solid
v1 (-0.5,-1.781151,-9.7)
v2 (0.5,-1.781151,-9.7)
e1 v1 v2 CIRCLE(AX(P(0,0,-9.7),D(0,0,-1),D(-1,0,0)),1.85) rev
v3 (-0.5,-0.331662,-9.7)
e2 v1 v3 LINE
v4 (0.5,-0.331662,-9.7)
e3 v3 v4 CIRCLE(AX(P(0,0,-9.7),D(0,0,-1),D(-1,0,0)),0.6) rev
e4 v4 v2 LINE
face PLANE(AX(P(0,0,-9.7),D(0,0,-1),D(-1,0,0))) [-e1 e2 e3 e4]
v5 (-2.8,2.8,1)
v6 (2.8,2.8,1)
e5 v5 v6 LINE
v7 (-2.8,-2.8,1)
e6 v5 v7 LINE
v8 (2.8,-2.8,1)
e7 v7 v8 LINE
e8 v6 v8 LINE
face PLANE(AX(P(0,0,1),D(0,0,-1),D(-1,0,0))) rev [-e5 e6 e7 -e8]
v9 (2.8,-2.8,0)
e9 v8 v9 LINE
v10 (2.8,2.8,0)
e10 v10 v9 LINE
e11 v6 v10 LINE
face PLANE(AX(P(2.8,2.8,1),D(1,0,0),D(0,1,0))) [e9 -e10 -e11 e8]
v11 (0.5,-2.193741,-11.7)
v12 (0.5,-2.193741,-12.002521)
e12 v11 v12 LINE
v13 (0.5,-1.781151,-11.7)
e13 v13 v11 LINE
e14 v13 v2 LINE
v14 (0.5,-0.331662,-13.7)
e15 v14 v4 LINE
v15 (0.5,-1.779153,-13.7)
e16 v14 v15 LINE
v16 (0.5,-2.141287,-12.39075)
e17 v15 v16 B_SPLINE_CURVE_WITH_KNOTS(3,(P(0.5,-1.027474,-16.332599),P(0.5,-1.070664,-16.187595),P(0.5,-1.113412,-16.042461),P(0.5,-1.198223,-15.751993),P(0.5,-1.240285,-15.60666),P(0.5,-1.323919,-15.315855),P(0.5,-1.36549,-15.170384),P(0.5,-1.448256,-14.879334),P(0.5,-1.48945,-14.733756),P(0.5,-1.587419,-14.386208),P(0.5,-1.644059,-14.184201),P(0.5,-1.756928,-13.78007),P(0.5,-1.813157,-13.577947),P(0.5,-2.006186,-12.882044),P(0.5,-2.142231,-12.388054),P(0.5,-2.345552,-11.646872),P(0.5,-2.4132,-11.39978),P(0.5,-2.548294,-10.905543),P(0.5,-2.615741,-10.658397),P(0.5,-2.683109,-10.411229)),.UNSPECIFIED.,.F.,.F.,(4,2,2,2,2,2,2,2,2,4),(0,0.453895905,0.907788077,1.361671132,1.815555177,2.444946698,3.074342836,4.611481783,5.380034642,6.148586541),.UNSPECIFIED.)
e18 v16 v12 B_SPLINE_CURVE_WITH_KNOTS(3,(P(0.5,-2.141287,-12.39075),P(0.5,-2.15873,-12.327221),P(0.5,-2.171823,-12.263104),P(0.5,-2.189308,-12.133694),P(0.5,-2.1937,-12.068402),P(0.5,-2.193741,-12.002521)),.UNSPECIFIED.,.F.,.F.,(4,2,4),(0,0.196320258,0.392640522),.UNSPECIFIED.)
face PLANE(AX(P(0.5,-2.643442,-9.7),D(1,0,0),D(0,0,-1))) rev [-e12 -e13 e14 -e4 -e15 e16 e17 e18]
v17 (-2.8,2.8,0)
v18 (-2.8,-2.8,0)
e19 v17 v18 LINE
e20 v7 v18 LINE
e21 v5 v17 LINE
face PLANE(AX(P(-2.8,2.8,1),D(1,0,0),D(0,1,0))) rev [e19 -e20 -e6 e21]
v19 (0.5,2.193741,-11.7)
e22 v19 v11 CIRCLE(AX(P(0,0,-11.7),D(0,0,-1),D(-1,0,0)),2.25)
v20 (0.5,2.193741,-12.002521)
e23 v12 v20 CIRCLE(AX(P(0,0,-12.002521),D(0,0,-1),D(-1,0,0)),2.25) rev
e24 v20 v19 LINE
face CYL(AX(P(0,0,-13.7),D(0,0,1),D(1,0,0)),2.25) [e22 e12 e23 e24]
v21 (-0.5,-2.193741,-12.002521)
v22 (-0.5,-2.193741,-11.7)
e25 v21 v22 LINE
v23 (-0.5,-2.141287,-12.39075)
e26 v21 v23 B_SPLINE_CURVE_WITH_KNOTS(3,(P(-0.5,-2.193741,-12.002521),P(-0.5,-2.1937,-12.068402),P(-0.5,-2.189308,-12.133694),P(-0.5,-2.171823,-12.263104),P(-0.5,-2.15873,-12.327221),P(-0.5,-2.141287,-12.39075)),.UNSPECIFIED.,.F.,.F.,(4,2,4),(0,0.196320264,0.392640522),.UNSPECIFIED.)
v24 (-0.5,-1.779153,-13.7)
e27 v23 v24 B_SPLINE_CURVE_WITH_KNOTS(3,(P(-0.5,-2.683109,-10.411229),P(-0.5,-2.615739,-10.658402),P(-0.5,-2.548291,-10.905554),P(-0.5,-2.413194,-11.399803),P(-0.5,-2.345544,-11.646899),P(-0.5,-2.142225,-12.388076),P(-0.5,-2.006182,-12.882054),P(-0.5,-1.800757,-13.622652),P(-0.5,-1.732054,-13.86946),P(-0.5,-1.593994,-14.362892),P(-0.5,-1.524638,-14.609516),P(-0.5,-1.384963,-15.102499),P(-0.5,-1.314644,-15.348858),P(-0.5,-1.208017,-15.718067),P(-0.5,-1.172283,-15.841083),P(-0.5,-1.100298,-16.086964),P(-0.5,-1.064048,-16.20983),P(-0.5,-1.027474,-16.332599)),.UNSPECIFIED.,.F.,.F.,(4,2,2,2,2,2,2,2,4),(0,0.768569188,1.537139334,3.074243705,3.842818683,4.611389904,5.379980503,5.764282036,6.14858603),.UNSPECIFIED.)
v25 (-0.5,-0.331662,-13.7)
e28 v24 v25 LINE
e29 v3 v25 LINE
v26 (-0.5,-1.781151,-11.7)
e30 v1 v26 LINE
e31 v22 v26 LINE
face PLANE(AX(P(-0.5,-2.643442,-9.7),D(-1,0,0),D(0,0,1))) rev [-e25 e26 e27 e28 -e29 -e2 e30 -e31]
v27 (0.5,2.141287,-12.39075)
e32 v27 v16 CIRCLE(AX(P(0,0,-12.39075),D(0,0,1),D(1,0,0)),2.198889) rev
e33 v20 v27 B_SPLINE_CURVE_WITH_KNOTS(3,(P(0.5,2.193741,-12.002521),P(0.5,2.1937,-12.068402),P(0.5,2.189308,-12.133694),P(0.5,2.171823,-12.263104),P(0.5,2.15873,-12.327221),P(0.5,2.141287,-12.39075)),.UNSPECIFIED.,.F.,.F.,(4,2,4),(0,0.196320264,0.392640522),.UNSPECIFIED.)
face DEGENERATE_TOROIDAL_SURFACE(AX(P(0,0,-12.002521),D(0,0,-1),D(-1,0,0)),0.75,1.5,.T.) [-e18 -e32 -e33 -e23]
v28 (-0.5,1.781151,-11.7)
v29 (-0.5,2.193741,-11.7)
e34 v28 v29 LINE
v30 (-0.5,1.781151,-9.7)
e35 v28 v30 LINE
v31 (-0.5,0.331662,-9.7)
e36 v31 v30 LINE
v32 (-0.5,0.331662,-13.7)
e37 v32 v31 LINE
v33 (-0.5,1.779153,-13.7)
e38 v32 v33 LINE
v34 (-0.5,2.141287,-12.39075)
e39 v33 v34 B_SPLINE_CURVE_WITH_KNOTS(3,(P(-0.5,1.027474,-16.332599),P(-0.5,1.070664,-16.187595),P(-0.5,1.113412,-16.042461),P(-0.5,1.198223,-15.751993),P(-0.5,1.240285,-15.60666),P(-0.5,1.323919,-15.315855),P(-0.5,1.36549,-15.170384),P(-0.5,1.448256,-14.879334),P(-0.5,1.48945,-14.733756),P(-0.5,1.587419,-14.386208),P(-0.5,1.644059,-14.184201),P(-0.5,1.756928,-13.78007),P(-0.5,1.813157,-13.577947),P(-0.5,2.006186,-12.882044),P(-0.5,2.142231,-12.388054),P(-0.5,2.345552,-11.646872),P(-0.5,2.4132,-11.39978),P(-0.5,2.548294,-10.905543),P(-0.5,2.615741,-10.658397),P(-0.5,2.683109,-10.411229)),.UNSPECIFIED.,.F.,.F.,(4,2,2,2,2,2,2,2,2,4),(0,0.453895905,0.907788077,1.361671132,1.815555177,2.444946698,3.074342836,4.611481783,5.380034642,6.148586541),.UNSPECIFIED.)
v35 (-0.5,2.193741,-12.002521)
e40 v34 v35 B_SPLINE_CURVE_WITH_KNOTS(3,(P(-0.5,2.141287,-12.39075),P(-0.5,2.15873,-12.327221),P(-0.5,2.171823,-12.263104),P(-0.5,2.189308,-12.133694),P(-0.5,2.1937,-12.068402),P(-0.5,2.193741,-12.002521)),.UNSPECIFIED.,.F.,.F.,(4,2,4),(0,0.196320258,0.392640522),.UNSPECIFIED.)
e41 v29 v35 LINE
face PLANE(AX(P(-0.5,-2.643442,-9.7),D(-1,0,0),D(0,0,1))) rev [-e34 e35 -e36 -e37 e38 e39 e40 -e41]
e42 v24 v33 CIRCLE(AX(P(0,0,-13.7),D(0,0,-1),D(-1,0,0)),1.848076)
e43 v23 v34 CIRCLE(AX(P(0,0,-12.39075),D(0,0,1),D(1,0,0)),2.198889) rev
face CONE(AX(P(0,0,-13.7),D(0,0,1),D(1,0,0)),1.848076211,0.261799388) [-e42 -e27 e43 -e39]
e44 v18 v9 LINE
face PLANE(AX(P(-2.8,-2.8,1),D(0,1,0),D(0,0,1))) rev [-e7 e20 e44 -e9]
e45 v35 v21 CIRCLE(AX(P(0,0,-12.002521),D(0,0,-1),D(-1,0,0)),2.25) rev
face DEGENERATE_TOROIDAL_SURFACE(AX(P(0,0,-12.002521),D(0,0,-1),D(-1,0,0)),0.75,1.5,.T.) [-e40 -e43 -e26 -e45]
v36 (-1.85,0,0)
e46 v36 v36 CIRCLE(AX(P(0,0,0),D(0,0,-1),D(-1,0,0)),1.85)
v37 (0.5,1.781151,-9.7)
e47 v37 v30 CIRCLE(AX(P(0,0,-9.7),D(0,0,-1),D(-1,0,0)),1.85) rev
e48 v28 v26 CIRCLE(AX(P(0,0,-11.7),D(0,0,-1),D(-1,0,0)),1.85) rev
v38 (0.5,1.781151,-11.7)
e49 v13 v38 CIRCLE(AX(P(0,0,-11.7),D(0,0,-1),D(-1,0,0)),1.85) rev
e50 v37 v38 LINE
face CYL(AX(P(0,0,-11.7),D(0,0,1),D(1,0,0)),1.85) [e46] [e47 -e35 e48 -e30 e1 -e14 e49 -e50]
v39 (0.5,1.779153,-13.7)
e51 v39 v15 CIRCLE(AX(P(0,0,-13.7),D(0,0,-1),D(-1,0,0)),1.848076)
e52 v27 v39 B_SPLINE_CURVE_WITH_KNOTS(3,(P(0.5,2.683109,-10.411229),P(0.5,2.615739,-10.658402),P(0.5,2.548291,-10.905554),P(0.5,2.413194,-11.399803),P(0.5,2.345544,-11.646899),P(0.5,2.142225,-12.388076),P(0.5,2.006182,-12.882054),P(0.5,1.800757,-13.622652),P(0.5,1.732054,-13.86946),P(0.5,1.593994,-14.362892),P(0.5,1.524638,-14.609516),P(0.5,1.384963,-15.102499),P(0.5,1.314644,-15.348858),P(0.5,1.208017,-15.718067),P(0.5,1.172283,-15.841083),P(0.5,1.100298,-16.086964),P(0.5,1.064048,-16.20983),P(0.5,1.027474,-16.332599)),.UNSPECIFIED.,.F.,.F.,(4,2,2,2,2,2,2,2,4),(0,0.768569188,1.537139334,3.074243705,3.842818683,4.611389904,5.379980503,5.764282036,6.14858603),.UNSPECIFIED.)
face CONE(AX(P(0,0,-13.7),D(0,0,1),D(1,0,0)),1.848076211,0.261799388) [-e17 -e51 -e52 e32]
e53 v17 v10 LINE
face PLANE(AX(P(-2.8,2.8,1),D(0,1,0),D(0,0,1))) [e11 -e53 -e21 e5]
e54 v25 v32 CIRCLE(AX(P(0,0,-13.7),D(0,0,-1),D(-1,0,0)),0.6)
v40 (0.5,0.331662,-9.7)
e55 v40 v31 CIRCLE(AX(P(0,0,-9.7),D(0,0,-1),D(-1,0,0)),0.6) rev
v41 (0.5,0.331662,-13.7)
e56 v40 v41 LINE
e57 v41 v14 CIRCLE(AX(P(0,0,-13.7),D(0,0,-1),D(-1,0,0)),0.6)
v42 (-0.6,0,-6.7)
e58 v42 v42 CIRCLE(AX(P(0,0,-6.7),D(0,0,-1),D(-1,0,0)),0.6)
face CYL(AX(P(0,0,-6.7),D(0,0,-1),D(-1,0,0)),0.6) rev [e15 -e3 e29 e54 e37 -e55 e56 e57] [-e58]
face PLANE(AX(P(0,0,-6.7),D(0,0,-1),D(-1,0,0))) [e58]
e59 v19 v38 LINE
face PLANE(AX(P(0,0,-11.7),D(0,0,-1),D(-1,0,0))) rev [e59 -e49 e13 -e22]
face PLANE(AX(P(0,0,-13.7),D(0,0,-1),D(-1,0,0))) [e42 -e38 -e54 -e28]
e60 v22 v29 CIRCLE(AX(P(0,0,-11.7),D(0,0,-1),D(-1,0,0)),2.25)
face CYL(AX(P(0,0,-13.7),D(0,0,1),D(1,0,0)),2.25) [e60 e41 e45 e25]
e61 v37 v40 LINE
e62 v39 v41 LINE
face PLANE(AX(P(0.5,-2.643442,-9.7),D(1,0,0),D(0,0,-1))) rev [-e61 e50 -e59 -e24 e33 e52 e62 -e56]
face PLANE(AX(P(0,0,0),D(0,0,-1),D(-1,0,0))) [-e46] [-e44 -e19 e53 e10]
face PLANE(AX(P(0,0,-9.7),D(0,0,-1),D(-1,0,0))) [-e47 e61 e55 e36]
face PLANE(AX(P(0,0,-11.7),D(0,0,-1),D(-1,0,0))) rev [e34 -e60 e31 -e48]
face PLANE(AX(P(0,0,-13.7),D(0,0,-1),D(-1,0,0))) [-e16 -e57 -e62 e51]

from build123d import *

# Parameters (mm, degrees)
SKETCH1_W           = 5.6
SKETCH1_H           = 5.6
BOSS_EXTRUDE1_DEPTH = 1
SKETCH1_3_R         = 1.85
BOSS_EXTRUDE2_DEPTH = 11.7
SKETCH2_R           = 0.6
CUT_EXTRUDE1_DEPTH  = 5
BOSS_EXTRUDE3_START = 2
SKETCH3_R           = 2.25
SKETCH3_R_2         = 0.6
BOSS_EXTRUDE3_DEPTH = 2
CHAMFER1_SIZE       = 1.5
CHAMFER1_SIZE2      = 0.401923789
SKETCH4_W           = 1
SKETCH4_H           = 5.286883196
CUT_EXTRUDE3_DEPTH  = 4
FILLET1_R           = 1.5


with BuildPart() as part:
    # Sketch1 → Boss-Extrude1 (new body)
    with BuildSketch(Plane.XY):
        Rectangle(SKETCH1_W, SKETCH1_H)
    extrude(amount=BOSS_EXTRUDE1_DEPTH)

    # Sketch1<3> → Boss-Extrude2 (add)
    with BuildSketch(Plane.XY):
        Circle(SKETCH1_3_R)
    extrude(amount=-BOSS_EXTRUDE2_DEPTH)

    # Sketch2 → Cut-Extrude1 (cut)
    with BuildSketch(Plane(origin=(0, 0, -11.7), x_dir=(-1, 0, 0), z_dir=(0, 0, -1))):
        Circle(SKETCH2_R)
    extrude(amount=-CUT_EXTRUDE1_DEPTH, mode=Mode.SUBTRACT)

    # Sketch3 → Boss-Extrude3 (add)
    with BuildSketch(Plane(origin=(0, 0, -11.7), x_dir=(-1, 0, 0), z_dir=(0, 0, -1)).offset(BOSS_EXTRUDE3_START)):
        Circle(SKETCH3_R)
        Circle(SKETCH3_R_2, mode=Mode.SUBTRACT)
    extrude(amount=-BOSS_EXTRUDE3_DEPTH)

    # Chamfer1
    chamfer1_edges = [part.edges().sort_by_distance(p)[0] for p in [
        (2.25, 0, -13.7),
    ]]
    chamfer1_side = [part.faces().sort_by_distance(p)[0] for p in [
        (2.25, 0, -12.7),
    ]]
    chamfer(chamfer1_edges, length=CHAMFER1_SIZE, length2=CHAMFER1_SIZE2, reference=chamfer1_side[0])

    # Sketch4 → Cut-Extrude3 (cut)
    with BuildSketch(Plane(origin=(0, 0, -13.7), x_dir=(-1, 0, 0), z_dir=(0, 0, -1))):
        Rectangle(SKETCH4_W, SKETCH4_H)
    extrude(amount=-CUT_EXTRUDE3_DEPTH, mode=Mode.SUBTRACT)

    # Fillet1
    fillet1_edges = [part.edges().sort_by_distance(p)[0] for p in [
        (2.25, 0, -12.2),
        (-2.25, 0, -12.2),
    ]]
    fillet(fillet1_edges, radius=FILLET1_R)


solid = part.part
